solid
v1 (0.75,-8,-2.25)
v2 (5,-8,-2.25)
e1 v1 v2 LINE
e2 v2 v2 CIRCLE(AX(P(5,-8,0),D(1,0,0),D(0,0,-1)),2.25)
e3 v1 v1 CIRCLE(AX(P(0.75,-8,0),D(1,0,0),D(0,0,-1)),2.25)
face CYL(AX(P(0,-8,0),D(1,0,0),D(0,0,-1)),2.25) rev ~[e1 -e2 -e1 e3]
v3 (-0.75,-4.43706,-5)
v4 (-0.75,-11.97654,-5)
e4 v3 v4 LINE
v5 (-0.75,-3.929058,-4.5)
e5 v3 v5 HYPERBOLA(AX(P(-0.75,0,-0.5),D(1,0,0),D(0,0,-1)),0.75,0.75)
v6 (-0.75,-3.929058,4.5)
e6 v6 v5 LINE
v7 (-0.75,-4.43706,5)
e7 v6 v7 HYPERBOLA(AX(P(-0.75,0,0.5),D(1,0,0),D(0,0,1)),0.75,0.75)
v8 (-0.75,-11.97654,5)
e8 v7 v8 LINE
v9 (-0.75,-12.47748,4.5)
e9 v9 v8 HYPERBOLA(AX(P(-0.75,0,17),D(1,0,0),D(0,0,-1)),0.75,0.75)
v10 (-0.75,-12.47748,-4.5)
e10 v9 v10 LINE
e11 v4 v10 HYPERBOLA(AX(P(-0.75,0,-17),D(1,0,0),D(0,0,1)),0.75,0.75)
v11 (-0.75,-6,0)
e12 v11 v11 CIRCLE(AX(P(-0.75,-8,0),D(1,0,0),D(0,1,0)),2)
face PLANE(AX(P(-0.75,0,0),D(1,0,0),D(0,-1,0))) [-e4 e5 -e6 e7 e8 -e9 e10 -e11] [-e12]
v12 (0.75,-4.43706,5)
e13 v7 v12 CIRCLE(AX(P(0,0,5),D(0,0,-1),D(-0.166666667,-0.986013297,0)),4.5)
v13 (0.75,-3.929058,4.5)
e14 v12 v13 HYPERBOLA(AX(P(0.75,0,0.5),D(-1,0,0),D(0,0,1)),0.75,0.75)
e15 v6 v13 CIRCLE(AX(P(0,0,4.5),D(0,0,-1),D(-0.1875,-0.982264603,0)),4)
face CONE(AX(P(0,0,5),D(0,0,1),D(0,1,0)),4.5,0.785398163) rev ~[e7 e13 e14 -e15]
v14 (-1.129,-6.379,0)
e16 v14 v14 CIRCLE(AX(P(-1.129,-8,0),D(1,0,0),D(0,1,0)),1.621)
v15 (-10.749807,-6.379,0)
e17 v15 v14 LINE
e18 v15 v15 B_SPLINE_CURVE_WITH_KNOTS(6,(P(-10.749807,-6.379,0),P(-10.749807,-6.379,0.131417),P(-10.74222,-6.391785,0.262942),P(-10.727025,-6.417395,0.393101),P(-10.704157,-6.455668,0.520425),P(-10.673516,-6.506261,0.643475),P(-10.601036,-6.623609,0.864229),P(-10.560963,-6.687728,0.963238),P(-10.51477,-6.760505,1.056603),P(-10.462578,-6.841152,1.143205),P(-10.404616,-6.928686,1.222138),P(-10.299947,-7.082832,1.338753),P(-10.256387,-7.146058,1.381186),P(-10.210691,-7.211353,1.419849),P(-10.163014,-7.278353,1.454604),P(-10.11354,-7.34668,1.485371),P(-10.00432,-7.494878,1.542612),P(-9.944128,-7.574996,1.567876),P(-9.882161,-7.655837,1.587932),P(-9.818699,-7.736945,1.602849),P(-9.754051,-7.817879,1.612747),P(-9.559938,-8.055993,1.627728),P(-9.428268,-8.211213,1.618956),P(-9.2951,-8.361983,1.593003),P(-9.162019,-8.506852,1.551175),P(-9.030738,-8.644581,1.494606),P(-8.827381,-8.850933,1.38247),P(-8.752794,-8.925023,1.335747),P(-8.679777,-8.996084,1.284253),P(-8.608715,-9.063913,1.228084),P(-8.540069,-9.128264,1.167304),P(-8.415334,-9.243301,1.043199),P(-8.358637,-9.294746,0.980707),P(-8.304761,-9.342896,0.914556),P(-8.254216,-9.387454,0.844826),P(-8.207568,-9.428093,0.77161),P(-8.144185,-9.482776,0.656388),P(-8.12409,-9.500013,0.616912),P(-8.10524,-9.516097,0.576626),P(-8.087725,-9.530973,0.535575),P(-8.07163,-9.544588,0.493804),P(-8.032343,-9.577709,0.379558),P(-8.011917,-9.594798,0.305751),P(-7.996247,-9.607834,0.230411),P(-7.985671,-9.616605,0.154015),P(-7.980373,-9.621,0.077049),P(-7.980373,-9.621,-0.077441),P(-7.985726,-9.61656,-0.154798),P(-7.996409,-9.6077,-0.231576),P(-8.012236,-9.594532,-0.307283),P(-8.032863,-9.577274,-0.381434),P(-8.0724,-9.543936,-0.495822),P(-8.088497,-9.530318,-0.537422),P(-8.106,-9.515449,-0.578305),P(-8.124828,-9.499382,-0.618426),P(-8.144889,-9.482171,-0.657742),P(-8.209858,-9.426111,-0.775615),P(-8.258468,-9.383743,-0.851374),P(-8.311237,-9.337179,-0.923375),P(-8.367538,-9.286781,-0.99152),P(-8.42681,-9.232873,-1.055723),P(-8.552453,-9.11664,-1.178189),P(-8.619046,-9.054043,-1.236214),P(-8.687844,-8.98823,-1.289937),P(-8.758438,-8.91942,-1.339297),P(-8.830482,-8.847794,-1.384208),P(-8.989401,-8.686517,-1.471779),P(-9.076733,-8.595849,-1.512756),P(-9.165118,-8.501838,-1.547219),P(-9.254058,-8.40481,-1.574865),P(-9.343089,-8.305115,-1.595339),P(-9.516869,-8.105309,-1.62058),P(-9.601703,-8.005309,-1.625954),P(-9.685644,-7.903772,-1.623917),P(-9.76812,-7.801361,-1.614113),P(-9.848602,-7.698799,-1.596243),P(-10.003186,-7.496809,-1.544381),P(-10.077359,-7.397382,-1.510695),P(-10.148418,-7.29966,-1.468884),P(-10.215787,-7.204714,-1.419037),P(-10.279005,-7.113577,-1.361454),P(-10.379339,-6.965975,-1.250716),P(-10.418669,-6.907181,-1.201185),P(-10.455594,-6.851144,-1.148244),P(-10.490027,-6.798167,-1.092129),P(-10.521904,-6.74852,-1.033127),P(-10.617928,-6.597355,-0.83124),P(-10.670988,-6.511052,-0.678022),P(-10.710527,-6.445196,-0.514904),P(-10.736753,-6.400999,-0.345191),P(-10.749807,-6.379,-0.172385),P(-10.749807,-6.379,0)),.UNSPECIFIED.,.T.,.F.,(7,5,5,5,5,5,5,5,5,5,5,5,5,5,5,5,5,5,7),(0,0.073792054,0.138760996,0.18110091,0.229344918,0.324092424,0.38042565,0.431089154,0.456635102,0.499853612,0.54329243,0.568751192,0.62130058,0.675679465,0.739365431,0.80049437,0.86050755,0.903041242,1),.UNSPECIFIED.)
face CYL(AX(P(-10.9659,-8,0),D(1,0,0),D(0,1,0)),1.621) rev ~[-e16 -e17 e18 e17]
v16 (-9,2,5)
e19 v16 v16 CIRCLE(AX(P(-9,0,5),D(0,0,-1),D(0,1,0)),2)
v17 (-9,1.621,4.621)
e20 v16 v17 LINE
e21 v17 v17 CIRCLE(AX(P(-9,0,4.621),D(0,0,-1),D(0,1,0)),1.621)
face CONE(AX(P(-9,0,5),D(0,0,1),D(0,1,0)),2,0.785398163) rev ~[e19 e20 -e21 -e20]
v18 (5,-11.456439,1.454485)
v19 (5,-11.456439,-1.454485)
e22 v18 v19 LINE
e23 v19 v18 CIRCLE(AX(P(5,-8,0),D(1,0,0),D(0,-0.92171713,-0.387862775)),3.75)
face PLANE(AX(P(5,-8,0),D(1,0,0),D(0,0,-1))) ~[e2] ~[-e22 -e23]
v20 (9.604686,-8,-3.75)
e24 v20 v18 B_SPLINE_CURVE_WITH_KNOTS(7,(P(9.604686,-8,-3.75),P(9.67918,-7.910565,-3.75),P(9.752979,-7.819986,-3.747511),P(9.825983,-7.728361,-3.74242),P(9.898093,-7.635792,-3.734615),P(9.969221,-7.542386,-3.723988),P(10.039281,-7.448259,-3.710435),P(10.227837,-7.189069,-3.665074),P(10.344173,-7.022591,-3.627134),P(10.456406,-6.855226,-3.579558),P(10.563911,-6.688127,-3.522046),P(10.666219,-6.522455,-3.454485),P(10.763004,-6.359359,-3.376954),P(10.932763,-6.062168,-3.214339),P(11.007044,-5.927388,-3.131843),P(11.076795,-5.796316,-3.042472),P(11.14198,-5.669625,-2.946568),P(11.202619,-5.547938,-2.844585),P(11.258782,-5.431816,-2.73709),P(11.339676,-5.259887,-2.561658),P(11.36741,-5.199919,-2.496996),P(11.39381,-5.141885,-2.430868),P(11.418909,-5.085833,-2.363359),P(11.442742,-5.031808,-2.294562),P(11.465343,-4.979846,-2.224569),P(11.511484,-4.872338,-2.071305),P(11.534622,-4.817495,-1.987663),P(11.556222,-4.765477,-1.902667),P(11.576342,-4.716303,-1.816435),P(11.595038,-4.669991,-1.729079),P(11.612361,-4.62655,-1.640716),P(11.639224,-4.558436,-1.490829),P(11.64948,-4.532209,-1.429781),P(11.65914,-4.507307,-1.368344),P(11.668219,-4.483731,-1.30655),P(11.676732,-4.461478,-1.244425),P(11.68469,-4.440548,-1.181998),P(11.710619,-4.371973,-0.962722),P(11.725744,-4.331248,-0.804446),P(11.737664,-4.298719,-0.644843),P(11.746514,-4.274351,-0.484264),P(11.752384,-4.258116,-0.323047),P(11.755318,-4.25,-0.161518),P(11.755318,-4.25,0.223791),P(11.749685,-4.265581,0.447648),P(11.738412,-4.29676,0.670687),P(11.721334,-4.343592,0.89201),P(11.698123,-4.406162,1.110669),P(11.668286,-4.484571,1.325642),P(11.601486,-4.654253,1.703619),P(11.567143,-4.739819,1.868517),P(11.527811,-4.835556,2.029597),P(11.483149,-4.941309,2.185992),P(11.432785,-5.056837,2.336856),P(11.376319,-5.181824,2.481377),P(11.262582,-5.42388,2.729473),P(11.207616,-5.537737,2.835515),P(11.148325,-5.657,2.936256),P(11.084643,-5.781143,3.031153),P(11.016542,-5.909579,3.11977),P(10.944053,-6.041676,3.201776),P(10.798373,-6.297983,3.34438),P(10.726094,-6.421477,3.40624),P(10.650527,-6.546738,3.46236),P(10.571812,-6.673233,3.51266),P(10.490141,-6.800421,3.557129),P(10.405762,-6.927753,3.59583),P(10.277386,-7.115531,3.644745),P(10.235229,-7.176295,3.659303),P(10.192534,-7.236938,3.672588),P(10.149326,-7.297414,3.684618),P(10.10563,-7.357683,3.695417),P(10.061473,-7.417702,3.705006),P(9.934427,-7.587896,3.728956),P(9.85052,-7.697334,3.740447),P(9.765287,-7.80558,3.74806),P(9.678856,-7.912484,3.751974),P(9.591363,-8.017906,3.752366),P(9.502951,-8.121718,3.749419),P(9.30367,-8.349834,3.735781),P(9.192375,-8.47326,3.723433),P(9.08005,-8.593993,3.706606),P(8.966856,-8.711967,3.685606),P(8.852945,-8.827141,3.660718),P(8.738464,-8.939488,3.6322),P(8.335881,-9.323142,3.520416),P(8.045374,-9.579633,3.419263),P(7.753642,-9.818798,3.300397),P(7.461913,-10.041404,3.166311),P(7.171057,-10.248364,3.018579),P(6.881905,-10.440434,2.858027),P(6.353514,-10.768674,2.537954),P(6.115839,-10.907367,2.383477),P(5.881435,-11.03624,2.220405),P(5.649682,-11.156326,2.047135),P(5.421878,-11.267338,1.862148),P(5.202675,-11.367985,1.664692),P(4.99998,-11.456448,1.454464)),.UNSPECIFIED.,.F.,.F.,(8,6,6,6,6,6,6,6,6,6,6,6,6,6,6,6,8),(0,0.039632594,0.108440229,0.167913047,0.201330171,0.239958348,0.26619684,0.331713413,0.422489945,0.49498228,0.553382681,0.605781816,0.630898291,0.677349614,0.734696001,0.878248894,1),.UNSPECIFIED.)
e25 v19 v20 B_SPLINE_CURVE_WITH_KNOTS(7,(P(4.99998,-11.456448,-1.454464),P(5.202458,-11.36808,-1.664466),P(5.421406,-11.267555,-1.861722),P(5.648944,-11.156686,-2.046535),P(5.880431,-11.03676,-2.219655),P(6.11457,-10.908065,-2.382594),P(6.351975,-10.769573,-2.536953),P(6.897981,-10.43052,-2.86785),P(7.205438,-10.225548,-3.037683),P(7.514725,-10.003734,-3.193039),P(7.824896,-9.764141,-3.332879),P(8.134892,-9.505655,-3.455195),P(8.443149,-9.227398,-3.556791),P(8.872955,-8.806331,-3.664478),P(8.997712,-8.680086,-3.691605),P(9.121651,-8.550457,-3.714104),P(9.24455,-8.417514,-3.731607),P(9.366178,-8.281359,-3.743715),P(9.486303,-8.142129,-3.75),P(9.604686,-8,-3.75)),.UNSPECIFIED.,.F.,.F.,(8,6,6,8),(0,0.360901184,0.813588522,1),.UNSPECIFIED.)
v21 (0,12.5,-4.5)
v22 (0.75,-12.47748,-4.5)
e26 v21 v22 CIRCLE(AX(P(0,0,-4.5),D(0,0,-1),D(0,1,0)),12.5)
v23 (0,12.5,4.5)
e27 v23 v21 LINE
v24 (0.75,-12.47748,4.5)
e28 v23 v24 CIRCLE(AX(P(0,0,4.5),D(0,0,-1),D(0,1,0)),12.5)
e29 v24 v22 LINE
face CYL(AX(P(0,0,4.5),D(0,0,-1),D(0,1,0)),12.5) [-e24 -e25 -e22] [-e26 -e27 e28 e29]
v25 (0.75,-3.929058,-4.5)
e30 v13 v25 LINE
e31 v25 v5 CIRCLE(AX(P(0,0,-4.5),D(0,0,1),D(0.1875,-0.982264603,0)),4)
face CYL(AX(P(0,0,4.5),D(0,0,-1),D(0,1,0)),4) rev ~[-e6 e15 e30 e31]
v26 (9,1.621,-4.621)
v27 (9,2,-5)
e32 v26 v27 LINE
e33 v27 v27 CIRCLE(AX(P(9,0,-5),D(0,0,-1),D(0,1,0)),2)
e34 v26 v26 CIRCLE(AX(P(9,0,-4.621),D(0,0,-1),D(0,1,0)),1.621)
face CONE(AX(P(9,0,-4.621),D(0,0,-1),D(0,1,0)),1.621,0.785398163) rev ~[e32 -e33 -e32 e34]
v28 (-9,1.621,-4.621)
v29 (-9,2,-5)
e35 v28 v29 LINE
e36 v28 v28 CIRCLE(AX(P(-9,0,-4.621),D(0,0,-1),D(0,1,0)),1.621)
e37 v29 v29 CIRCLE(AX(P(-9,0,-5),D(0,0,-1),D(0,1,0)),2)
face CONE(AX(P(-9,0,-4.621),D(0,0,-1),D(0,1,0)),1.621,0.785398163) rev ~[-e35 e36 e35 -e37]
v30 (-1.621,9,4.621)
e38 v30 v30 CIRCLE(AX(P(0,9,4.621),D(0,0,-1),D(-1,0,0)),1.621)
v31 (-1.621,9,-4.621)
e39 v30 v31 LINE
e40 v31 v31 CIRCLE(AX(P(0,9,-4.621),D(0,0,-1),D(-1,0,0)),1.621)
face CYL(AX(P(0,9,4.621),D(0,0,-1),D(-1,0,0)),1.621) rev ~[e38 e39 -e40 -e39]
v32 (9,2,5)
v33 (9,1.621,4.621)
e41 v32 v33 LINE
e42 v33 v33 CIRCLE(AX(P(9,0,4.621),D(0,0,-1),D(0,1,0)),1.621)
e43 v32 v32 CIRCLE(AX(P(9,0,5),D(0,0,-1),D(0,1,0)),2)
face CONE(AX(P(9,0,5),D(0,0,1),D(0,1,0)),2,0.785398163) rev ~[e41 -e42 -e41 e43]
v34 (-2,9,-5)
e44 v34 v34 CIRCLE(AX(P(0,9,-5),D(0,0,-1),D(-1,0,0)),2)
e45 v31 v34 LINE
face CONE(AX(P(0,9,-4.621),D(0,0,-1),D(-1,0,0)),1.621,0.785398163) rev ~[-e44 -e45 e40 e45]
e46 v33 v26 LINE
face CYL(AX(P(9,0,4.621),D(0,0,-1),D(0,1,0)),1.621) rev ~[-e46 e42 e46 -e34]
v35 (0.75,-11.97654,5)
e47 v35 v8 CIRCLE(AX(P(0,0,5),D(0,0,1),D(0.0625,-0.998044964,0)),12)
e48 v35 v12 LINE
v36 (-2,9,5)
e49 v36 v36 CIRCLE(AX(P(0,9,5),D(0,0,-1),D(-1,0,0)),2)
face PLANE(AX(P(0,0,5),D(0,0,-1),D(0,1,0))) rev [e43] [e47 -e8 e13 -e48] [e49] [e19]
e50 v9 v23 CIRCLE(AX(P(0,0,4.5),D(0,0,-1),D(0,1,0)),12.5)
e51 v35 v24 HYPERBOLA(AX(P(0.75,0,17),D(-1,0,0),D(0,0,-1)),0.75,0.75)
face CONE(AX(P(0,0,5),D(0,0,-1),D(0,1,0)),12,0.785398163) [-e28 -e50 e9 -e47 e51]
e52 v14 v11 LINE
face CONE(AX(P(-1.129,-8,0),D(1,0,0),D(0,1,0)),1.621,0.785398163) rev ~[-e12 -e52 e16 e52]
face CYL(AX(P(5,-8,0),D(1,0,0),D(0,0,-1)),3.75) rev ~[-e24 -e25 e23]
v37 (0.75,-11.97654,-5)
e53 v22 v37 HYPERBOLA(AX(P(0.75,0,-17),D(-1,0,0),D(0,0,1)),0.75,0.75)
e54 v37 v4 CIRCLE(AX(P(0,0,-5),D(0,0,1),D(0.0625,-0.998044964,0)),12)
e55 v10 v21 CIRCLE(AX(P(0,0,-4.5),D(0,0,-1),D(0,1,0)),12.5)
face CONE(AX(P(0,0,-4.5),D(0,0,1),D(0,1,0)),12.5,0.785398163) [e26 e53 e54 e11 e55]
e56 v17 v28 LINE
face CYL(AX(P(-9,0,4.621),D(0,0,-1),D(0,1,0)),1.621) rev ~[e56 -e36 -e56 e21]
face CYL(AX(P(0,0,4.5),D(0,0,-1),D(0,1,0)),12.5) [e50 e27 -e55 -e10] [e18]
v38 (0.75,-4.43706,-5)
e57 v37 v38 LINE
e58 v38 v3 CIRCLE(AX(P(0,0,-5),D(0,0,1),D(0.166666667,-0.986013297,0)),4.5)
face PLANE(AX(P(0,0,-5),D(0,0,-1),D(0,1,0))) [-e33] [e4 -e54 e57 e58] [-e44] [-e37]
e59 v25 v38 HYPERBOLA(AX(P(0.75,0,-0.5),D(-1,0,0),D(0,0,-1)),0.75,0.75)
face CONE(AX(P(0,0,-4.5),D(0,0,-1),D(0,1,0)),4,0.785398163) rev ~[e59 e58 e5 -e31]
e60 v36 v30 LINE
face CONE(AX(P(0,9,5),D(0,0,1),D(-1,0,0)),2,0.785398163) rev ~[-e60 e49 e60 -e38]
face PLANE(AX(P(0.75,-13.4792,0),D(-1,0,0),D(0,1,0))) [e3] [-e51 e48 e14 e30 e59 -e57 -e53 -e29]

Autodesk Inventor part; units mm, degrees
sketch "Sketch_14" plane through (0, 0, 0) normal (1, 0, 0) x (0, 1, 0)
  line L0 (0, -5) -> (0, 5)
  line L1 (0, 5) -> (12, 5)
  line L2 (12, 5) -> (12.5, 4.5)
  line L3 (12.5, 4.5) -> (12.5, -4.5)
  line L4 (12.5, -4.5) -> (12, -5)
  line L5 (12, -5) -> (0, -5)
  line L6 (0, -5) -> (0, 5)
revolve "Revolution1" add sketch "Sketch_14" angle 360 about axis through (0, 0, -5) along (0, 0, -1)
sketch "Sketch_15" plane through (0, 0, 0) normal (1, 0, 0) x (0, 1, 0)
  line L0 (0, -5) -> (0, 5)
  line L1 (0, 5) -> (4.5, 5)
  line L2 (4.5, 5) -> (4, 4.5)
  line L3 (4, 4.5) -> (4, -4.5)
  line L4 (4, -4.5) -> (4.5, -5)
  line L5 (4.5, -5) -> (0, -5)
  line L6 (0, -5) -> (0, 5)
revolve "Revolution2" cut sketch "Sketch_15" angle 360 about axis through (0, 0, -5) along (0, 0, -1)
sketch "Sketch_16" plane through (0, 0, 0) normal (0, 0, 1) x (1, 0, 0)
  arc A0 (-0.75, -13.4792) -> (0.75, -13.4792) centre (0, 0) ccw
  line L0 (0.75, -13.4792) -> (0.75, 0)
  line L1 (0.75, 0) -> (-0.75, 0)
  line L2 (-0.75, 0) -> (-0.75, -13.4792)
extrude "Extrusion1" cut sketch "Sketch_16" along normal mid plane 10
sketch "Sketch_18" plane through (9, 0, 0) normal (1, 0, 0) x (0, 0, -1)
  line L0 (5, 0) -> (-5, 0)
  line L1 (-5, 0) -> (-5, 2)
  line L2 (-5, 2) -> (-4.621, 1.621)
  line L3 (-4.621, 1.621) -> (4.621, 1.621)
  line L4 (4.621, 1.621) -> (5, 2)
  line L5 (5, 2) -> (5, 0)
  line L6 (5, 0) -> (-5, 0)
revolve "Revolution3" cut sketch "Sketch_18" angle 360 about axis through (9, 0, -5) along (0, 0, -1)
thread "Thread1" size "M4x0.7" class "6H" standard "ISO Metric profile" full length
sketch "Sketch_20" plane through (-9, 0, 0) normal (1, 0, 0) x (0, 0, -1)
  line L0 (5, 0) -> (-5, 0)
  line L1 (-5, 0) -> (-5, 2)
  line L2 (-5, 2) -> (-4.621, 1.621)
  line L3 (-4.621, 1.621) -> (4.621, 1.621)
  line L4 (4.621, 1.621) -> (5, 2)
  line L5 (5, 2) -> (5, 0)
  line L6 (5, 0) -> (-5, 0)
revolve "Revolution4" cut sketch "Sketch_20" angle 360 about axis through (-9, 0, -5) along (0, 0, -1)
thread "Thread2" size "M4x0.7" class "6H" standard "ISO Metric profile" full length
sketch "Sketch_22" plane through (0, 9, 0) normal (0, 1, 0) x (1, 0, 0)
  line L0 (0, 5) -> (0, -5)
  line L1 (0, -5) -> (-2, -5)
  line L2 (-2, -5) -> (-1.621, -4.621)
  line L3 (-1.621, -4.621) -> (-1.621, 4.621)
  line L4 (-1.621, 4.621) -> (-2, 5)
  line L5 (-2, 5) -> (0, 5)
  line L6 (0, 5) -> (0, -5)
revolve "Revolution5" cut sketch "Sketch_22" angle 360 about axis through (0, 9, -5) along (0, 0, -1)
thread "Thread3" size "M4x0.7" class "6H" standard "ISO Metric profile" full length
sketch "Sketch_23" plane through (0, -8, 0) normal (0, 1, 0) x (1, 0, 0)
  line L0 (12.5, 0) -> (0, 0)
  line L1 (0, 0) -> (0, 2.25)
  line L2 (0, 2.25) -> (5, 2.25)
  line L3 (5, 2.25) -> (5, 3.75)
  line L4 (5, 3.75) -> (12.5, 3.75)
  line L5 (12.5, 3.75) -> (12.5, 0)
  line L6 (12.5, 0) -> (0, 0)
revolve "Revolution6" cut sketch "Sketch_23" angle 360 about axis through (12.5, -8, 0) along (1, 0, 0)
sketch "Sketch_25" plane through (0, 0, 0) normal (0, 0, 1) x (1, 0, 0)
  line L0 (-0.75, -8) -> (-10.9659, -8)
  line L1 (-10.9659, -8) -> (-10.9659, -6.379)
  line L2 (-10.9659, -6.379) -> (-1.129, -6.379)
  line L3 (-1.129, -6.379) -> (-0.75, -6)
  line L4 (-0.75, -6) -> (-0.75, -8)
  line L5 (-0.75, -8) -> (-10.9659, -8)
revolve "Revolution7" cut sketch "Sketch_25" angle 360 about axis through (-0.75, -8, 0) along (1, 0, 0)
thread "Thread4" size "M4x0.7" class "6H" standard "ISO Metric profile" length 9.8369
ref_plane "to_bolt_XY" through (5, -8, 0) normal (1, 0, 0) x (0, 0, -1)
ref_plane "to_bolt_YZ" through (5, -8, 0) normal (0, 0, -1) x (0, 1, 0)
ref_plane "to_bolt_ZX" through (5, -8, 0) normal (0, 1, 0) x (1, 0, 0)
properties part number "SCSTR8-10b" material "鋼、炭素鋼"
